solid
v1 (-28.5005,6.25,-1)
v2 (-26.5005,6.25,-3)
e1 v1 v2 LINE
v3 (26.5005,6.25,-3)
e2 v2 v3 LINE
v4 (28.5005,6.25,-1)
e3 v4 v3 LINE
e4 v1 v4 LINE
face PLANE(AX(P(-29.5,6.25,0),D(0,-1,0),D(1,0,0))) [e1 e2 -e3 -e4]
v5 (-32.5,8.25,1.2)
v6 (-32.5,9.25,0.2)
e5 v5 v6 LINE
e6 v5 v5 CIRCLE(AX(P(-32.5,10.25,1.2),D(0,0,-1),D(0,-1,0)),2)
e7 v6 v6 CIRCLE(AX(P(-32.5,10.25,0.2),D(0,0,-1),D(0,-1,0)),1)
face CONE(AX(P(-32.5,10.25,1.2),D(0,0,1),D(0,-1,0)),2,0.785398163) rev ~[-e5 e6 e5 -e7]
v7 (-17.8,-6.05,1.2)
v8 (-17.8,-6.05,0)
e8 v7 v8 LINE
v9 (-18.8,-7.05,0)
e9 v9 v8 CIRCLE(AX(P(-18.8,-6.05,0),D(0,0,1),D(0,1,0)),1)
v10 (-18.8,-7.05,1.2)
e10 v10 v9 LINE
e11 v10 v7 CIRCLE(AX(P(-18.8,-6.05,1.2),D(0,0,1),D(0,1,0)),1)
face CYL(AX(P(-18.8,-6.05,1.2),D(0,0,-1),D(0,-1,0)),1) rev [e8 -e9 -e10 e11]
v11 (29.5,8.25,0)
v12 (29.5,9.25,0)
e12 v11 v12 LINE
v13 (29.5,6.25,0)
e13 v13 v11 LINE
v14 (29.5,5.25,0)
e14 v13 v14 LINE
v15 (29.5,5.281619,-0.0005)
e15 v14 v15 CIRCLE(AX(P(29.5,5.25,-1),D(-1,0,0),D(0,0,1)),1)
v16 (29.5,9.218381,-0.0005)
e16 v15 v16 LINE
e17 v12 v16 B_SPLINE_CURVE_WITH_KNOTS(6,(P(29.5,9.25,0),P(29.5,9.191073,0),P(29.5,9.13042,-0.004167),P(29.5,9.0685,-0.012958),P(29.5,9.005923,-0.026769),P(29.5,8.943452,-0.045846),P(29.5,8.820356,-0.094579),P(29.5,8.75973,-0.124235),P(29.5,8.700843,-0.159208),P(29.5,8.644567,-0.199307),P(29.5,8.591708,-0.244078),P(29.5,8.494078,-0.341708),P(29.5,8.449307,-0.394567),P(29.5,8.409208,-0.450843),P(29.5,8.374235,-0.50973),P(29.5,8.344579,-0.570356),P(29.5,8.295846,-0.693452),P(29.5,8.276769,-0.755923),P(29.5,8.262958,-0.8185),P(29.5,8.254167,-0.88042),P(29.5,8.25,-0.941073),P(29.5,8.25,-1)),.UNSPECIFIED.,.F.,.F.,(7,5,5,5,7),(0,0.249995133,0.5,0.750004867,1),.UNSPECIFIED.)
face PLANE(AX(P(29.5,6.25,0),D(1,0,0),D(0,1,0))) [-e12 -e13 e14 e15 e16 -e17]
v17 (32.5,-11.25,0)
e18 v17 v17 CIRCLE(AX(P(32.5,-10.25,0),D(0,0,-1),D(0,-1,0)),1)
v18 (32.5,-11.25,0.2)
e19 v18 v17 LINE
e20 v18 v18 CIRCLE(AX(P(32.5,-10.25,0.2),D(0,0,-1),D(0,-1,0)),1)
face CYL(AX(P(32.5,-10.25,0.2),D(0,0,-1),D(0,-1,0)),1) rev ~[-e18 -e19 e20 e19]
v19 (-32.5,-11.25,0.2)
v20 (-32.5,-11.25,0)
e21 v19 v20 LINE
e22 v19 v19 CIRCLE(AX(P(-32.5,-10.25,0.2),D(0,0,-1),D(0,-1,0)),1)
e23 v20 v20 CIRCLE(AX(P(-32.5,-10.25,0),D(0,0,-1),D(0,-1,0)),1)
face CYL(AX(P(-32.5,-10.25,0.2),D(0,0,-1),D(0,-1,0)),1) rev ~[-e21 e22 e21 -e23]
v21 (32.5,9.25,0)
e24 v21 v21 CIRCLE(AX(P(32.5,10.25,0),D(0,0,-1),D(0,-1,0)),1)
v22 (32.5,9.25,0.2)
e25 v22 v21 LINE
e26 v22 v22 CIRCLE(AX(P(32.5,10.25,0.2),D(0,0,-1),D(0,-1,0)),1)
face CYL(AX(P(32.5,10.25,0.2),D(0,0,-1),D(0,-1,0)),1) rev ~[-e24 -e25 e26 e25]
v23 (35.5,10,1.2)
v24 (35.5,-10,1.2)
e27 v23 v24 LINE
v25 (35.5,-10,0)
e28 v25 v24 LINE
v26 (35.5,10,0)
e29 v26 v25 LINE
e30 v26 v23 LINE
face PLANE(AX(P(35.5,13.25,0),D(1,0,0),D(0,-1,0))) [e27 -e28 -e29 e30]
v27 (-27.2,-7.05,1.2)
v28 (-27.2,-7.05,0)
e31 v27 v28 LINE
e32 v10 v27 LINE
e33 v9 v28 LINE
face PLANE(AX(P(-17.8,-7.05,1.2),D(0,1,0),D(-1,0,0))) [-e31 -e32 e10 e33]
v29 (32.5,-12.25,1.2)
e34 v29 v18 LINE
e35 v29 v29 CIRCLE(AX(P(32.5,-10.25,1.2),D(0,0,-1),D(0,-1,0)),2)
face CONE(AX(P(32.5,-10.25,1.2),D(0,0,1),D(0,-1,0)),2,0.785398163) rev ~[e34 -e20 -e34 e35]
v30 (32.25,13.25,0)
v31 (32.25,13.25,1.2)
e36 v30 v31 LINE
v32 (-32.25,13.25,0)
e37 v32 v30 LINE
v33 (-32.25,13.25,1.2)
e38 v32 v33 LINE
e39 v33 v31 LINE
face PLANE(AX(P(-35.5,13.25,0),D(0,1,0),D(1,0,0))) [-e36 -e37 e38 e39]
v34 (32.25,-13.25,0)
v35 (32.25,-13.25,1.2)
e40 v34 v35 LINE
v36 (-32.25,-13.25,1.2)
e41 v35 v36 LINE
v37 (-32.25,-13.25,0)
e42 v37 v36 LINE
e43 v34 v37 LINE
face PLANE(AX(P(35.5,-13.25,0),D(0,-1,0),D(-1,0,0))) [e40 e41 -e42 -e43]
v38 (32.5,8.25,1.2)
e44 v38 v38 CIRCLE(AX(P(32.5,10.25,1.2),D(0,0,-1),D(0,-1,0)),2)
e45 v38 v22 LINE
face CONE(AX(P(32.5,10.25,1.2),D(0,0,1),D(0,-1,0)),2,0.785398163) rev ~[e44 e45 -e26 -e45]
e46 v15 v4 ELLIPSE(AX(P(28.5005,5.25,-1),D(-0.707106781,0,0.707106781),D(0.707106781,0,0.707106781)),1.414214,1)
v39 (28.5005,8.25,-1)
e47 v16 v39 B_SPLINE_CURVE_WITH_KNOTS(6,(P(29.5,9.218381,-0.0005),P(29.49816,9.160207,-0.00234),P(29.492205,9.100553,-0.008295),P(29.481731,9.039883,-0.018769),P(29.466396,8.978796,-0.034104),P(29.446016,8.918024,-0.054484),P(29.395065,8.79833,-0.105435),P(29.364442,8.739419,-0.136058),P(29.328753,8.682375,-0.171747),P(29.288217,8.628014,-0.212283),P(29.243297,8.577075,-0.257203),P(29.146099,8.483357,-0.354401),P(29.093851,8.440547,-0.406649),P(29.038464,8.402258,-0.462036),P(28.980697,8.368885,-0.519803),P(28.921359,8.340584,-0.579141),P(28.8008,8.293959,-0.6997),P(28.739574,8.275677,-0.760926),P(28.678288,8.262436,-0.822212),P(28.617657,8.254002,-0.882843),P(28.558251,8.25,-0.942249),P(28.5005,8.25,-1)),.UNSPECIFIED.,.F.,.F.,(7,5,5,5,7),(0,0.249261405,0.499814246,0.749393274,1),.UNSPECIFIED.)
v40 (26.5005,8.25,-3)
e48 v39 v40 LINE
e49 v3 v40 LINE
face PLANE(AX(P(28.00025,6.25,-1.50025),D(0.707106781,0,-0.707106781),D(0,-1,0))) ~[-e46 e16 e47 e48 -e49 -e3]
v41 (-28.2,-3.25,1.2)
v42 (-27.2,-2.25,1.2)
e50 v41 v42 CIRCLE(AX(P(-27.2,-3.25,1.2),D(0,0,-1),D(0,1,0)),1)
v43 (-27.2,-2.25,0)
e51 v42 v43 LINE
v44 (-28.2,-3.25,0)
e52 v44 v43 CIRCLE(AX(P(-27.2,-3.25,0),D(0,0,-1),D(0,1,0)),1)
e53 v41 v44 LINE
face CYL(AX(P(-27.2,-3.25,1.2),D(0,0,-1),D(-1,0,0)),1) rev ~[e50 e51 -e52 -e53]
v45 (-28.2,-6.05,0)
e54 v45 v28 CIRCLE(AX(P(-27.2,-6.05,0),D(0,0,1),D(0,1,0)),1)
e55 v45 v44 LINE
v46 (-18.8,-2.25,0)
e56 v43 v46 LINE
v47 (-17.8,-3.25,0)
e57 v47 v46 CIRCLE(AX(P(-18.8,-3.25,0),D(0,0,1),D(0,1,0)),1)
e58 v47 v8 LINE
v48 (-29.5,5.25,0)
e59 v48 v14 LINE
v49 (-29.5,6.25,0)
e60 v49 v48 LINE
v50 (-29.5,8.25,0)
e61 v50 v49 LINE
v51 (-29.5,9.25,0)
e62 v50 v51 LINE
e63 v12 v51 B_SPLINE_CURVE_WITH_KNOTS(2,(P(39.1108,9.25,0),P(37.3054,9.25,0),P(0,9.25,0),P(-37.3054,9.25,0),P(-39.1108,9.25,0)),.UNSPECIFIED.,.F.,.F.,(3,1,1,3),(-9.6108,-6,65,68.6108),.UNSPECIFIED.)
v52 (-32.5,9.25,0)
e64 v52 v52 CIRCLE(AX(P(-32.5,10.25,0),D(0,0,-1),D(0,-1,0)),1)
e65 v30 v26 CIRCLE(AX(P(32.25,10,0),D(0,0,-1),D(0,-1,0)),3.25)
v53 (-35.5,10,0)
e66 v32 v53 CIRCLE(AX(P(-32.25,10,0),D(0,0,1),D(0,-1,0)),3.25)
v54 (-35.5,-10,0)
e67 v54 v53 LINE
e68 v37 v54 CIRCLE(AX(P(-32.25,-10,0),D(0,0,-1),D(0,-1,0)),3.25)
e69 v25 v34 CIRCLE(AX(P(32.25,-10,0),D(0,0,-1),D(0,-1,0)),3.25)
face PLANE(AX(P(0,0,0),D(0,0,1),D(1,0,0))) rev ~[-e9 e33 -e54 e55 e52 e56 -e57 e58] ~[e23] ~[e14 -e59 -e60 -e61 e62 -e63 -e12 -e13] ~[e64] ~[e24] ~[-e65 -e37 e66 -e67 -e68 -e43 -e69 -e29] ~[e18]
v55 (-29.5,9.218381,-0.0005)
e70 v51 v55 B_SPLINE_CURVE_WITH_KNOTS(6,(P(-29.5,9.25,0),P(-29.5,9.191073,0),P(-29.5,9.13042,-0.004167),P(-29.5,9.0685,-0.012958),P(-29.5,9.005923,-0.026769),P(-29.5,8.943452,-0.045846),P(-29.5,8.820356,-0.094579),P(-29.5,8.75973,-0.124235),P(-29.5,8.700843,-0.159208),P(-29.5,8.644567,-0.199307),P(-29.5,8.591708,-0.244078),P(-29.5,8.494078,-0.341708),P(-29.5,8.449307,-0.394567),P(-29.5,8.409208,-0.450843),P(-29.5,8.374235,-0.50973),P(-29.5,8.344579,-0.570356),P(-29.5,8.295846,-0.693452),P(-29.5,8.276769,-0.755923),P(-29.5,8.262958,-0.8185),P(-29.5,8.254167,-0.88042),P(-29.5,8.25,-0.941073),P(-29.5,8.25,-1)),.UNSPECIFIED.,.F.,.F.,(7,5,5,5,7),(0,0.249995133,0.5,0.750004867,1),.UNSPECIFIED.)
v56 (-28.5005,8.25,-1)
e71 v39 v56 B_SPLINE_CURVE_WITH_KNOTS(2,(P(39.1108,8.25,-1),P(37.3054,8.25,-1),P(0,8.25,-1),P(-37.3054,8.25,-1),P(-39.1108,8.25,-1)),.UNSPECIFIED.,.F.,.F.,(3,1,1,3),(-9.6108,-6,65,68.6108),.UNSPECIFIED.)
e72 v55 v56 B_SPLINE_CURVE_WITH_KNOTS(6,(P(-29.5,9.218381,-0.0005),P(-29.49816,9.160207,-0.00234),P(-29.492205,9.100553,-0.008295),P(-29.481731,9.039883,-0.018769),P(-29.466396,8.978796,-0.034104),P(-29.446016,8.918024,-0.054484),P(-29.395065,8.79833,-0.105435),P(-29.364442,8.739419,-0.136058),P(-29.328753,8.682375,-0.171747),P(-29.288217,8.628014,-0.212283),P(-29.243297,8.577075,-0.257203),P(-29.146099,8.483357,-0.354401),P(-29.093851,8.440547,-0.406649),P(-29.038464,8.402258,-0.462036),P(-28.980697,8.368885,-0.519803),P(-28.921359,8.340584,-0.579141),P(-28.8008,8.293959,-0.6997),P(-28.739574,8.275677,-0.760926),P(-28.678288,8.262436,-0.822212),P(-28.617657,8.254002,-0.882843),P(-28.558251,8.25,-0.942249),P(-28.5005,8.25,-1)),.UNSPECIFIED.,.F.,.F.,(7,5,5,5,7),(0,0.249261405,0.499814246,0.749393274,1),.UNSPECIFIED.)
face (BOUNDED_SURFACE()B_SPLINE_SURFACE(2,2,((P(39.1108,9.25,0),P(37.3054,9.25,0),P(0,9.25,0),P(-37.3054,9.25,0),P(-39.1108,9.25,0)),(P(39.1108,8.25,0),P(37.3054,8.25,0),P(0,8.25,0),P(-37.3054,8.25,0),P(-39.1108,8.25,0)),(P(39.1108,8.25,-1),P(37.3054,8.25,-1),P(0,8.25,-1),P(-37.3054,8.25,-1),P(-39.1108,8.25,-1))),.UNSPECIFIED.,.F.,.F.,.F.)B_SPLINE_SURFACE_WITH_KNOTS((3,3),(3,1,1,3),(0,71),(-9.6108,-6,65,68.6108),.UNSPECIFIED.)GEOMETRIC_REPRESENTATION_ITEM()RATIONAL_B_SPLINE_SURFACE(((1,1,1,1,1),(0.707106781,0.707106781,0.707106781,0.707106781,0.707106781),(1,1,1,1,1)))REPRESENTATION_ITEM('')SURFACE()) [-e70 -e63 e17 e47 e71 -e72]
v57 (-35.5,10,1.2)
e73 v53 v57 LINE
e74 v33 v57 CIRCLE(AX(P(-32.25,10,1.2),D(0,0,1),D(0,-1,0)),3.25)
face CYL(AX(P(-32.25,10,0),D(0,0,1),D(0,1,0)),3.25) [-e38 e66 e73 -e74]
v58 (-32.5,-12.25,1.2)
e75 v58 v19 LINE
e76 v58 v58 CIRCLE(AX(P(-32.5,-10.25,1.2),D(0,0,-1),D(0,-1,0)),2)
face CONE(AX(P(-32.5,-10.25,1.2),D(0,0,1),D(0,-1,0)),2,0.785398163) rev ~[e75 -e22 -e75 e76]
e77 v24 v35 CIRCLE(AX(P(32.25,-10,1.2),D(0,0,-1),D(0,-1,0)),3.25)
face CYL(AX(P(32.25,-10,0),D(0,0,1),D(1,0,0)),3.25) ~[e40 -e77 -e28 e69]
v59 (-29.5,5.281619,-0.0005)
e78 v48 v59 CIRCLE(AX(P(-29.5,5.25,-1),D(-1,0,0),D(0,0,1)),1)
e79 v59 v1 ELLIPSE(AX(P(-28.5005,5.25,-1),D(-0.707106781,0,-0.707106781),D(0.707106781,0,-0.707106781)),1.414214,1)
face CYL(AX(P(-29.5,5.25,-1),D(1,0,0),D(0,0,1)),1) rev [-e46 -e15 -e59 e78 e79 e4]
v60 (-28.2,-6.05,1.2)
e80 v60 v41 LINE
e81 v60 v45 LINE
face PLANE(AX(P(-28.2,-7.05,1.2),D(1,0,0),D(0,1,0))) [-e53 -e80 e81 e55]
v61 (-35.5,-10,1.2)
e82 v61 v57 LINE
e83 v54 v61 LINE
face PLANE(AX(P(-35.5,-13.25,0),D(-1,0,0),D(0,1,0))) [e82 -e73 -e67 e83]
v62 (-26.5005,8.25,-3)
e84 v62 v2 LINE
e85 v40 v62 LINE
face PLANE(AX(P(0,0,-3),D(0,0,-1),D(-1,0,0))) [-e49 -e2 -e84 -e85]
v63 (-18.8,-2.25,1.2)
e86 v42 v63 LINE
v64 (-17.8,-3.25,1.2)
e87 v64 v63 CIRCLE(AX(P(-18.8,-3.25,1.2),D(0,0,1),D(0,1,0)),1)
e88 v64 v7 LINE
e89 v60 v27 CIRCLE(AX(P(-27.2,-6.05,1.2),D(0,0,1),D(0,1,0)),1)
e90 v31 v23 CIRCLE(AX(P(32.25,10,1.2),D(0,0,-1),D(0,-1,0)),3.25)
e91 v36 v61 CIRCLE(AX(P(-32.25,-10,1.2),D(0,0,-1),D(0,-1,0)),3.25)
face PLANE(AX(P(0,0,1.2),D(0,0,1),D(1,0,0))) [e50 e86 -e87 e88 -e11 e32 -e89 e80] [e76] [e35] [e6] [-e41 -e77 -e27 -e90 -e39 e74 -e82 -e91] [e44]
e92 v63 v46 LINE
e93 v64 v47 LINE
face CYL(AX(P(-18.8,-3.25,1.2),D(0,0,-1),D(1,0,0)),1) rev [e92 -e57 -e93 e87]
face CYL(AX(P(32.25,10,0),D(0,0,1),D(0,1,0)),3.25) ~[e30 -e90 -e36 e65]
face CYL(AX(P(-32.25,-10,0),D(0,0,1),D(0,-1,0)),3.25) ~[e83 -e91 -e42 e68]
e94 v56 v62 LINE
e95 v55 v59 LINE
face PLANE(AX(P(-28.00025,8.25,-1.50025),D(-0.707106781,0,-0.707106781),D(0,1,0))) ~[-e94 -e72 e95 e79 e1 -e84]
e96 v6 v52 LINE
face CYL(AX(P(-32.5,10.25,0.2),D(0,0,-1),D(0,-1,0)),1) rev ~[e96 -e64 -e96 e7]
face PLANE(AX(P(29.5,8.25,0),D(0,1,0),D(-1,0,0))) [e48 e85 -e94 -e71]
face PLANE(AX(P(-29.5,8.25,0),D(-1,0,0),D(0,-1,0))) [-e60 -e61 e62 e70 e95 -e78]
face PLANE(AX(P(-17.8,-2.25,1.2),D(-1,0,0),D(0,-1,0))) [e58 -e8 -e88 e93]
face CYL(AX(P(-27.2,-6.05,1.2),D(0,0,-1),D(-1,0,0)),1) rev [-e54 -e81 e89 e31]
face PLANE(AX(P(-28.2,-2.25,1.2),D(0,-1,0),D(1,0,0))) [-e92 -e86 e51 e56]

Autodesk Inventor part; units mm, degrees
ref_plane "YZ Plane" through (0, 0, 0) normal (1, 0, 0) x (0, 1, 0)
ref_plane "XZ Plane" through (0, 0, 0) normal (0, 1, 0) x (-1, 0, 0)
ref_plane "XY Plane" through (0, 0, 0) normal (0, 0, 1) x (1, 0, 0)
sketch "Sketch1" plane through (0, 0, 0) normal (0, 0, 1) x (1, 0, 0)
  line L0 (-35.5, 13.25) -> (35.5, 13.25)
  line L1 (35.5, 13.25) -> (35.5, -13.25)
  line L2 (35.5, -13.25) -> (-35.5, -13.25)
  line L3 (-35.5, -13.25) -> (-35.5, 13.25)
  point P0 (0, 0)
  dimension "d0" = 26.5
  dimension "d1" = 71
  dimension "d2" = 35.5
  dimension "d3" = 13.25
extrude "Extrusion1" add sketch "Sketch1" along normal blind 1.2
fillet "Fillet1" radius 3.25 4 edges at (-35.5, 13.25, 0.6) (-35.5, -13.25, 0.6) (35.5, -13.25, 0.6) (35.5, 13.25, 0.6)
sketch "Sketch2" plane through (0, 0, 1.2) normal (0, 0, 1) x (1, 0, 0)
  line L0 (32.25, 13.25) -> (-32.25, 13.25) projected
  line L1 (-35.5, 10) -> (-35.5, -10) projected
  line L2 (-32.25, -13.25) -> (32.25, -13.25) projected
  line L3 (35.5, -10) -> (35.5, 10) projected
  point P0 (0, 0)
  point P1 (-32.5, 10.25)
  point P2 (32.5, 10.25)
  point P3 (32.5, -10.25)
  point P4 (-32.5, -10.25)
  dimension "d7" = 3
  dimension "d8" = 3
  dimension "d9" = 3
  dimension "d10" = 3
  dimension "d11" = 3
  dimension "d12" = 3
  dimension "d13" = 3
  dimension "d14" = 3
hole "Hole1" at (-32.5, 10.25, 1.2) at (32.5, 10.25, 1.2) at (32.5, -10.25, 1.2) at (-32.5, -10.25, 1.2) direction (0, 0, -1) diameter 2 depth 4 tip angle 118 countersink diameter 4 countersink angle 90
sketch "Sketch3" plane through (0, 0, 1.2) normal (0, 0, 1) x (1, 0, 0)
  line L0 (-28.2, -2.25) -> (-17.8, -2.25)
  line L1 (-17.8, -2.25) -> (-17.8, -7.05)
  line L2 (-17.8, -7.05) -> (-28.2, -7.05)
  line L3 (-28.2, -7.05) -> (-28.2, -2.25)
  line L4 (-35.5, 10) -> (-35.5, -10) projected
  line L5 (-32.25, -13.25) -> (32.25, -13.25) projected
  point P0 (0, 0)
  dimension "d22" = 7.3
  dimension "d23" = 17.7
  dimension "d24" = 6.2
  dimension "d25" = 11
extrude "Extrusion2" cut sketch "Sketch3" against normal blind 1.2
fillet "Fillet2" radius 1 4 edges at (-28.2, -2.25, 0.6) (-28.2, -7.05, 0.6) (-17.8, -2.25, 0.6) (-17.8, -7.05, 0.6)
sketch "Sketch4" plane through (0, 0, 0) normal (0, 0, -1) x (-1, 0, 0)
  line L0 (-29.5, 8.25) -> (29.5, 8.25)
  line L1 (29.5, 8.25) -> (29.5, 6.25)
  line L2 (29.5, 6.25) -> (-29.5, 6.25)
  line L3 (-29.5, 6.25) -> (-29.5, 8.25)
  line L4 (-35.5, -10) -> (-35.5, 10) projected
  line L5 (35.5, 10) -> (35.5, -10) projected
  line L6 (-32.25, 13.25) -> (32.25, 13.25) projected
  point P0 (0, 0)
  dimension "d29" = 6
  dimension "d30" = 6
  dimension "d31" = 5
  dimension "d32" = 2
extrude "Extrusion3" add sketch "Sketch4" along normal blind 3
fillet "Fillet3" radius 1 2 edges at (0, 6.25, 0) (0, 8.25, 0)
chamfer "Chamfer1" distance 3 angle 45 2 edges at (29.5, 7.25, -3) (-29.5, 7.25, -3)
properties part number "cover"
